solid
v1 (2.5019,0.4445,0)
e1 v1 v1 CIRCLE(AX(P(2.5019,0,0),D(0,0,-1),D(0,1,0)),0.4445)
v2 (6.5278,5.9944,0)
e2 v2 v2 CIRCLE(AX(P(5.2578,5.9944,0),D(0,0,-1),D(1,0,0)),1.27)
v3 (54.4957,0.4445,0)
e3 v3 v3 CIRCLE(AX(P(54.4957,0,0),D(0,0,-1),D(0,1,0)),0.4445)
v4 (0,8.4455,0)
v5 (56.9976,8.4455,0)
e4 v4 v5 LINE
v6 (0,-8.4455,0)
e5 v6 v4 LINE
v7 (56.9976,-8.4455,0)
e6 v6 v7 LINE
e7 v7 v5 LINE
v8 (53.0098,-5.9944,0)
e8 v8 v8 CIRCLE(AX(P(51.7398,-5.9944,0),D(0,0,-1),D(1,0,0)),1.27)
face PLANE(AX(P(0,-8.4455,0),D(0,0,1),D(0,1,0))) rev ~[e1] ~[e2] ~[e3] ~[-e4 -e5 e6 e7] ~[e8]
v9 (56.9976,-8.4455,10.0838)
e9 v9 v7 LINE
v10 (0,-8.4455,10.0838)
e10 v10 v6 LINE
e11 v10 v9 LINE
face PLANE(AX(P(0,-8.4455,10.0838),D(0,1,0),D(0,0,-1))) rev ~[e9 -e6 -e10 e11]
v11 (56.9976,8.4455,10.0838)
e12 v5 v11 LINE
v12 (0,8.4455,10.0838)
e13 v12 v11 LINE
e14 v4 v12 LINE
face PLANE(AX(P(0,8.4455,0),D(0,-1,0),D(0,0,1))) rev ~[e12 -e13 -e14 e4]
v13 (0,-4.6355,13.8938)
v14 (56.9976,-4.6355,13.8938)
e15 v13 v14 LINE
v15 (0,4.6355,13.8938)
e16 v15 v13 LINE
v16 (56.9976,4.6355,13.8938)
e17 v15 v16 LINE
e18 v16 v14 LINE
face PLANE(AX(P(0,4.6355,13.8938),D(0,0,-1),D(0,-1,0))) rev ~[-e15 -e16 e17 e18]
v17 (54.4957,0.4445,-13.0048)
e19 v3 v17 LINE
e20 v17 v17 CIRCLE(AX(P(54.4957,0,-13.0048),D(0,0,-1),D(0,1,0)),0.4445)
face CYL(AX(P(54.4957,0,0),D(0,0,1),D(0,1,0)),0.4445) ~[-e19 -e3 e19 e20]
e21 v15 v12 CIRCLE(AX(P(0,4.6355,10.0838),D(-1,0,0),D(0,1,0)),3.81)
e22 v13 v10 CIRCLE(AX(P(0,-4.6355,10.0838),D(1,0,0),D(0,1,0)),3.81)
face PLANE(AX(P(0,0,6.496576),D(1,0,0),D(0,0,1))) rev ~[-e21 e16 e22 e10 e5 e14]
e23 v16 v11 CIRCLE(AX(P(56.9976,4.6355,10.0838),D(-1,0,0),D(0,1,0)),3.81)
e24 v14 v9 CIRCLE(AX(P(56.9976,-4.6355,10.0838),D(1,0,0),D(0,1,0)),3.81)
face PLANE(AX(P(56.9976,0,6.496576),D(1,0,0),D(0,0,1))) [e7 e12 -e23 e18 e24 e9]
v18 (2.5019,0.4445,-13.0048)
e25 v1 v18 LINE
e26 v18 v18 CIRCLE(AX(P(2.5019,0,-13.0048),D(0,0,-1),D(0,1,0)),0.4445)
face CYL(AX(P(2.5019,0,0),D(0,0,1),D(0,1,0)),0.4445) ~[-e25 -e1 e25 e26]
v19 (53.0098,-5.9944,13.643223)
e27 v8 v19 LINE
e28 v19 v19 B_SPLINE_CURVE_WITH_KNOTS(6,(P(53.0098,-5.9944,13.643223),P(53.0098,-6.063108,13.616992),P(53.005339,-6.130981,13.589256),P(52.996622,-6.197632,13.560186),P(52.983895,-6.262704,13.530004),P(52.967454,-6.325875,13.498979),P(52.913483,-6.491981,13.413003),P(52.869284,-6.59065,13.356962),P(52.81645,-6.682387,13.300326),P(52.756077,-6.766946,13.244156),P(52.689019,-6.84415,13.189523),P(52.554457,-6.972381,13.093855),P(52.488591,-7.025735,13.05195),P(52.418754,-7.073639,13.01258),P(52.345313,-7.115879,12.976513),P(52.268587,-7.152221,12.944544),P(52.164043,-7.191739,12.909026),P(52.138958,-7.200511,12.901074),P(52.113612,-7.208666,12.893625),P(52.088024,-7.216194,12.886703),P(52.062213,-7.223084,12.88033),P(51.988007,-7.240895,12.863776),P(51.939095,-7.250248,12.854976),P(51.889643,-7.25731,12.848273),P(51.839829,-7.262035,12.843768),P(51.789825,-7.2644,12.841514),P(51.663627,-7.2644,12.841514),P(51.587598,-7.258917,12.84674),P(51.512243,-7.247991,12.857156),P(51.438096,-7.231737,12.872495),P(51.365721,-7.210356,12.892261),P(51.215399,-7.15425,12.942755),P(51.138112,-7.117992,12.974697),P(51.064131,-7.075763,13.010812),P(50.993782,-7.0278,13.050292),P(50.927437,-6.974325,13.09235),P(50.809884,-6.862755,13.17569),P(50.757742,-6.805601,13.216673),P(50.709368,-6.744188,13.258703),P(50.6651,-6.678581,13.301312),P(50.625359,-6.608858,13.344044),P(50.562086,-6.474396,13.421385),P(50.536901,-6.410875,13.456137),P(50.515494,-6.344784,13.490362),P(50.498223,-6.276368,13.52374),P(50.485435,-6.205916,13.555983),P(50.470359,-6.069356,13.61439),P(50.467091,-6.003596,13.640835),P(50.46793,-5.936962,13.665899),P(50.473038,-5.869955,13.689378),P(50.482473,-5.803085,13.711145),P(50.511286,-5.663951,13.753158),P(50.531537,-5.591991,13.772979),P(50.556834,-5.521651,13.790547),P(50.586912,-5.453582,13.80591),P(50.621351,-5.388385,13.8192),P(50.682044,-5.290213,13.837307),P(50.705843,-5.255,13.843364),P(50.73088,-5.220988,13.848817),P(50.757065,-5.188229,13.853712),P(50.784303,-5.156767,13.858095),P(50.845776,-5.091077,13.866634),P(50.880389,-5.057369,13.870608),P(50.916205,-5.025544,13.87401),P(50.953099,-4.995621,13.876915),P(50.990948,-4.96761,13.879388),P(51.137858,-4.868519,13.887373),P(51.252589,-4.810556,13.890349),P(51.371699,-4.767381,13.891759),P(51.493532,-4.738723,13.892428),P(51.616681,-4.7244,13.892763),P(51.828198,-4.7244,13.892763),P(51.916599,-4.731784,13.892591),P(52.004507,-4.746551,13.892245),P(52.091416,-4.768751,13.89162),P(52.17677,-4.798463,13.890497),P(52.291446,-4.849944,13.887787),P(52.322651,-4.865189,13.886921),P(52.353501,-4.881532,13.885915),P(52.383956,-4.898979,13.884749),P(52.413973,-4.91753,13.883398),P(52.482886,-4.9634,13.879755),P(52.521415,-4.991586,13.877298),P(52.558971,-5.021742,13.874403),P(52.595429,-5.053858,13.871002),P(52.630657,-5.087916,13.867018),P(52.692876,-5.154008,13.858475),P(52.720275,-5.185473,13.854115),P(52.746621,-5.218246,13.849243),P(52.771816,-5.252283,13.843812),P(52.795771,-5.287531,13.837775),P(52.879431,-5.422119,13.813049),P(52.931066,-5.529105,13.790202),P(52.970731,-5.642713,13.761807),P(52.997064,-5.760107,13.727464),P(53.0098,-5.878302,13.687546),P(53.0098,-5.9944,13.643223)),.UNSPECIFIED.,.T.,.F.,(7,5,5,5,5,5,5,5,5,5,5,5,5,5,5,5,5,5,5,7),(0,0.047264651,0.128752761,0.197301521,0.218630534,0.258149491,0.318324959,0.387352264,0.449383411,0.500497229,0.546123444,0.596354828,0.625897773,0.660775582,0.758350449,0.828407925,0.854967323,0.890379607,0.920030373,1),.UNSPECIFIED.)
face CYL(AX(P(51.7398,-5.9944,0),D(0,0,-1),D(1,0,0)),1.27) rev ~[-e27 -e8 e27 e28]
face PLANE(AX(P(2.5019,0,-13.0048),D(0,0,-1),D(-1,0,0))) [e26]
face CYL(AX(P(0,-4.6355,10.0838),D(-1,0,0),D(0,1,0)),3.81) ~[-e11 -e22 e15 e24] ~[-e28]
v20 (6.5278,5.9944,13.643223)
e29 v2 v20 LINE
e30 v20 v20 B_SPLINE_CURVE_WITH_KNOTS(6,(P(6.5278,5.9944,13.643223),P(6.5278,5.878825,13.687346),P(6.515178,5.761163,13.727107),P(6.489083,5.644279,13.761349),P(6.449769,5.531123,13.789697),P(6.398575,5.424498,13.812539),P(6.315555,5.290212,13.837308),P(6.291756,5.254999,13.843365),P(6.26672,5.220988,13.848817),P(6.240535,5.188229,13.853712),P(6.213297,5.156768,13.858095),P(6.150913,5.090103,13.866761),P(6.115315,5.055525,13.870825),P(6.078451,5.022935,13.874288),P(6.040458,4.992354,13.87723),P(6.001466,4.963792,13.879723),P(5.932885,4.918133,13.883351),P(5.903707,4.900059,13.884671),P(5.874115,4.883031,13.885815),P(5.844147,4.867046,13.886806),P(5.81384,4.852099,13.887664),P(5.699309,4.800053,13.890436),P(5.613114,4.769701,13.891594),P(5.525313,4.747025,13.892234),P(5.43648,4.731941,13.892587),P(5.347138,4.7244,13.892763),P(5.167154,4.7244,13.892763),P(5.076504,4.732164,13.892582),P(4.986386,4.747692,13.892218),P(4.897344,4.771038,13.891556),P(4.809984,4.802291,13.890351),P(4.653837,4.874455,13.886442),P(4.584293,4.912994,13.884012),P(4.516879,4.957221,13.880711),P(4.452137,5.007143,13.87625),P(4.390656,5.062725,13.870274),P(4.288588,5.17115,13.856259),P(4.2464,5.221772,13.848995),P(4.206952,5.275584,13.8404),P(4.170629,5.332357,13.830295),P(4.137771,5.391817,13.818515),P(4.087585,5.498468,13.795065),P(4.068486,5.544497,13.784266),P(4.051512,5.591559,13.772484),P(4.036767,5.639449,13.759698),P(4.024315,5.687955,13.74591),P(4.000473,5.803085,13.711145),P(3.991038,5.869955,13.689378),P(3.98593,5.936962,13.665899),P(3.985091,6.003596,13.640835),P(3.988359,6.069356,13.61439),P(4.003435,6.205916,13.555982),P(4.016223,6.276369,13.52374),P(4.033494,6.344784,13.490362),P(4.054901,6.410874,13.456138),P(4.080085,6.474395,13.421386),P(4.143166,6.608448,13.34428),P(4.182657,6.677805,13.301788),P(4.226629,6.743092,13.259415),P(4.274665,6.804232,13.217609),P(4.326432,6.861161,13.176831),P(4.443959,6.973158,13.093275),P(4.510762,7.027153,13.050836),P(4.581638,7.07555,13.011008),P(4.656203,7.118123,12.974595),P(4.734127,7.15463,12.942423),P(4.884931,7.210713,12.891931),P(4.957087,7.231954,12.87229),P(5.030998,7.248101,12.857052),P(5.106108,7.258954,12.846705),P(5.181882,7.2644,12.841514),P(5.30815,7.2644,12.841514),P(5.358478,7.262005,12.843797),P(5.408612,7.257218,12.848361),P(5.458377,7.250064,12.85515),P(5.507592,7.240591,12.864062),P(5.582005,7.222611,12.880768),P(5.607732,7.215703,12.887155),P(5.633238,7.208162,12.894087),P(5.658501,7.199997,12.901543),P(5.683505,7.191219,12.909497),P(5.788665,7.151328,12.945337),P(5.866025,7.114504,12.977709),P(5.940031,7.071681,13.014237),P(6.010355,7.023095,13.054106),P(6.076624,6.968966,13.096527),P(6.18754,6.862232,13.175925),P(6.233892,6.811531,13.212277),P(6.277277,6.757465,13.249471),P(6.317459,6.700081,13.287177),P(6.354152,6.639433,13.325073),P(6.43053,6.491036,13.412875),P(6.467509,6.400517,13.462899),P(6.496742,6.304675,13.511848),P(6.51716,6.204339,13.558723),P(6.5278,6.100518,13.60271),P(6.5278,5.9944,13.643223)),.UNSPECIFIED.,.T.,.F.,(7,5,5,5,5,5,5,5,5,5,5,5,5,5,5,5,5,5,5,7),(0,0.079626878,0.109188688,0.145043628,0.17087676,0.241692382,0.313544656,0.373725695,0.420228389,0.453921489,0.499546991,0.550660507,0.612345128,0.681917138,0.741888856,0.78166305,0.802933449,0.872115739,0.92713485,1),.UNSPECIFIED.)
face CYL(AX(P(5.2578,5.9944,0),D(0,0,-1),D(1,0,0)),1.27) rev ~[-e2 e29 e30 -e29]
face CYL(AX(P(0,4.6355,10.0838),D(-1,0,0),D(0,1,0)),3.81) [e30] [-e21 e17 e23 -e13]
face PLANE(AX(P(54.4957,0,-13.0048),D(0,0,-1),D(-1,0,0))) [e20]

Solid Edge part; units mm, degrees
sketch "Sketch1" plane through (0, 0, 0) normal (1, 0, 0) x (0, 1, 0)
  arc A0 (-4.6355, 13.8938) -> (-8.4455, 10.0838) centre (-4.6355, 10.0838) ccw
  line L0 (-8.4455, 10.0838) -> (-8.4455, 0)
  line L1 (-8.4455, 0) -> (8.4455, 0)
  line L2 (8.4455, 0) -> (8.4455, 10.0838)
  arc A1 (4.6355, 13.8938) -> (8.4455, 10.0838) centre (4.6355, 10.0838) cw
  line L3 (4.6355, 13.8938) -> (-4.6355, 13.8938)
extrude "Protrusion1" add sketch "Sketch1" along normal blind 56.9976
sketch "Sketch2" plane through (28.4988, 0, 0) normal (0, 0, -1) x (0, 1, 0)
  circle A0 centre (0, 25.9969) radius 0.4445
  circle A1 centre (0, -25.9969) radius 0.4445
  dimension "D1" = 51.9938
  dimension "D2" = 0.889
extrude "ExtrudedProtrusion_2" add sketch "Sketch2" along normal blind 13.0048
sketch "Sketch3" plane through (28.4988, 0, 0) normal (0, 0, -1) x (1, 0, 0)
  circle A0 centre (-23.241, -5.9944) radius 1.27
  circle A1 centre (23.241, 5.9944) radius 1.27
  dimension "D1" = 46.482
  dimension "D2" = 11.9888
  dimension "D3" = 2.54
extrude "Cutout1" cut sketch "Sketch3" against normal through all
